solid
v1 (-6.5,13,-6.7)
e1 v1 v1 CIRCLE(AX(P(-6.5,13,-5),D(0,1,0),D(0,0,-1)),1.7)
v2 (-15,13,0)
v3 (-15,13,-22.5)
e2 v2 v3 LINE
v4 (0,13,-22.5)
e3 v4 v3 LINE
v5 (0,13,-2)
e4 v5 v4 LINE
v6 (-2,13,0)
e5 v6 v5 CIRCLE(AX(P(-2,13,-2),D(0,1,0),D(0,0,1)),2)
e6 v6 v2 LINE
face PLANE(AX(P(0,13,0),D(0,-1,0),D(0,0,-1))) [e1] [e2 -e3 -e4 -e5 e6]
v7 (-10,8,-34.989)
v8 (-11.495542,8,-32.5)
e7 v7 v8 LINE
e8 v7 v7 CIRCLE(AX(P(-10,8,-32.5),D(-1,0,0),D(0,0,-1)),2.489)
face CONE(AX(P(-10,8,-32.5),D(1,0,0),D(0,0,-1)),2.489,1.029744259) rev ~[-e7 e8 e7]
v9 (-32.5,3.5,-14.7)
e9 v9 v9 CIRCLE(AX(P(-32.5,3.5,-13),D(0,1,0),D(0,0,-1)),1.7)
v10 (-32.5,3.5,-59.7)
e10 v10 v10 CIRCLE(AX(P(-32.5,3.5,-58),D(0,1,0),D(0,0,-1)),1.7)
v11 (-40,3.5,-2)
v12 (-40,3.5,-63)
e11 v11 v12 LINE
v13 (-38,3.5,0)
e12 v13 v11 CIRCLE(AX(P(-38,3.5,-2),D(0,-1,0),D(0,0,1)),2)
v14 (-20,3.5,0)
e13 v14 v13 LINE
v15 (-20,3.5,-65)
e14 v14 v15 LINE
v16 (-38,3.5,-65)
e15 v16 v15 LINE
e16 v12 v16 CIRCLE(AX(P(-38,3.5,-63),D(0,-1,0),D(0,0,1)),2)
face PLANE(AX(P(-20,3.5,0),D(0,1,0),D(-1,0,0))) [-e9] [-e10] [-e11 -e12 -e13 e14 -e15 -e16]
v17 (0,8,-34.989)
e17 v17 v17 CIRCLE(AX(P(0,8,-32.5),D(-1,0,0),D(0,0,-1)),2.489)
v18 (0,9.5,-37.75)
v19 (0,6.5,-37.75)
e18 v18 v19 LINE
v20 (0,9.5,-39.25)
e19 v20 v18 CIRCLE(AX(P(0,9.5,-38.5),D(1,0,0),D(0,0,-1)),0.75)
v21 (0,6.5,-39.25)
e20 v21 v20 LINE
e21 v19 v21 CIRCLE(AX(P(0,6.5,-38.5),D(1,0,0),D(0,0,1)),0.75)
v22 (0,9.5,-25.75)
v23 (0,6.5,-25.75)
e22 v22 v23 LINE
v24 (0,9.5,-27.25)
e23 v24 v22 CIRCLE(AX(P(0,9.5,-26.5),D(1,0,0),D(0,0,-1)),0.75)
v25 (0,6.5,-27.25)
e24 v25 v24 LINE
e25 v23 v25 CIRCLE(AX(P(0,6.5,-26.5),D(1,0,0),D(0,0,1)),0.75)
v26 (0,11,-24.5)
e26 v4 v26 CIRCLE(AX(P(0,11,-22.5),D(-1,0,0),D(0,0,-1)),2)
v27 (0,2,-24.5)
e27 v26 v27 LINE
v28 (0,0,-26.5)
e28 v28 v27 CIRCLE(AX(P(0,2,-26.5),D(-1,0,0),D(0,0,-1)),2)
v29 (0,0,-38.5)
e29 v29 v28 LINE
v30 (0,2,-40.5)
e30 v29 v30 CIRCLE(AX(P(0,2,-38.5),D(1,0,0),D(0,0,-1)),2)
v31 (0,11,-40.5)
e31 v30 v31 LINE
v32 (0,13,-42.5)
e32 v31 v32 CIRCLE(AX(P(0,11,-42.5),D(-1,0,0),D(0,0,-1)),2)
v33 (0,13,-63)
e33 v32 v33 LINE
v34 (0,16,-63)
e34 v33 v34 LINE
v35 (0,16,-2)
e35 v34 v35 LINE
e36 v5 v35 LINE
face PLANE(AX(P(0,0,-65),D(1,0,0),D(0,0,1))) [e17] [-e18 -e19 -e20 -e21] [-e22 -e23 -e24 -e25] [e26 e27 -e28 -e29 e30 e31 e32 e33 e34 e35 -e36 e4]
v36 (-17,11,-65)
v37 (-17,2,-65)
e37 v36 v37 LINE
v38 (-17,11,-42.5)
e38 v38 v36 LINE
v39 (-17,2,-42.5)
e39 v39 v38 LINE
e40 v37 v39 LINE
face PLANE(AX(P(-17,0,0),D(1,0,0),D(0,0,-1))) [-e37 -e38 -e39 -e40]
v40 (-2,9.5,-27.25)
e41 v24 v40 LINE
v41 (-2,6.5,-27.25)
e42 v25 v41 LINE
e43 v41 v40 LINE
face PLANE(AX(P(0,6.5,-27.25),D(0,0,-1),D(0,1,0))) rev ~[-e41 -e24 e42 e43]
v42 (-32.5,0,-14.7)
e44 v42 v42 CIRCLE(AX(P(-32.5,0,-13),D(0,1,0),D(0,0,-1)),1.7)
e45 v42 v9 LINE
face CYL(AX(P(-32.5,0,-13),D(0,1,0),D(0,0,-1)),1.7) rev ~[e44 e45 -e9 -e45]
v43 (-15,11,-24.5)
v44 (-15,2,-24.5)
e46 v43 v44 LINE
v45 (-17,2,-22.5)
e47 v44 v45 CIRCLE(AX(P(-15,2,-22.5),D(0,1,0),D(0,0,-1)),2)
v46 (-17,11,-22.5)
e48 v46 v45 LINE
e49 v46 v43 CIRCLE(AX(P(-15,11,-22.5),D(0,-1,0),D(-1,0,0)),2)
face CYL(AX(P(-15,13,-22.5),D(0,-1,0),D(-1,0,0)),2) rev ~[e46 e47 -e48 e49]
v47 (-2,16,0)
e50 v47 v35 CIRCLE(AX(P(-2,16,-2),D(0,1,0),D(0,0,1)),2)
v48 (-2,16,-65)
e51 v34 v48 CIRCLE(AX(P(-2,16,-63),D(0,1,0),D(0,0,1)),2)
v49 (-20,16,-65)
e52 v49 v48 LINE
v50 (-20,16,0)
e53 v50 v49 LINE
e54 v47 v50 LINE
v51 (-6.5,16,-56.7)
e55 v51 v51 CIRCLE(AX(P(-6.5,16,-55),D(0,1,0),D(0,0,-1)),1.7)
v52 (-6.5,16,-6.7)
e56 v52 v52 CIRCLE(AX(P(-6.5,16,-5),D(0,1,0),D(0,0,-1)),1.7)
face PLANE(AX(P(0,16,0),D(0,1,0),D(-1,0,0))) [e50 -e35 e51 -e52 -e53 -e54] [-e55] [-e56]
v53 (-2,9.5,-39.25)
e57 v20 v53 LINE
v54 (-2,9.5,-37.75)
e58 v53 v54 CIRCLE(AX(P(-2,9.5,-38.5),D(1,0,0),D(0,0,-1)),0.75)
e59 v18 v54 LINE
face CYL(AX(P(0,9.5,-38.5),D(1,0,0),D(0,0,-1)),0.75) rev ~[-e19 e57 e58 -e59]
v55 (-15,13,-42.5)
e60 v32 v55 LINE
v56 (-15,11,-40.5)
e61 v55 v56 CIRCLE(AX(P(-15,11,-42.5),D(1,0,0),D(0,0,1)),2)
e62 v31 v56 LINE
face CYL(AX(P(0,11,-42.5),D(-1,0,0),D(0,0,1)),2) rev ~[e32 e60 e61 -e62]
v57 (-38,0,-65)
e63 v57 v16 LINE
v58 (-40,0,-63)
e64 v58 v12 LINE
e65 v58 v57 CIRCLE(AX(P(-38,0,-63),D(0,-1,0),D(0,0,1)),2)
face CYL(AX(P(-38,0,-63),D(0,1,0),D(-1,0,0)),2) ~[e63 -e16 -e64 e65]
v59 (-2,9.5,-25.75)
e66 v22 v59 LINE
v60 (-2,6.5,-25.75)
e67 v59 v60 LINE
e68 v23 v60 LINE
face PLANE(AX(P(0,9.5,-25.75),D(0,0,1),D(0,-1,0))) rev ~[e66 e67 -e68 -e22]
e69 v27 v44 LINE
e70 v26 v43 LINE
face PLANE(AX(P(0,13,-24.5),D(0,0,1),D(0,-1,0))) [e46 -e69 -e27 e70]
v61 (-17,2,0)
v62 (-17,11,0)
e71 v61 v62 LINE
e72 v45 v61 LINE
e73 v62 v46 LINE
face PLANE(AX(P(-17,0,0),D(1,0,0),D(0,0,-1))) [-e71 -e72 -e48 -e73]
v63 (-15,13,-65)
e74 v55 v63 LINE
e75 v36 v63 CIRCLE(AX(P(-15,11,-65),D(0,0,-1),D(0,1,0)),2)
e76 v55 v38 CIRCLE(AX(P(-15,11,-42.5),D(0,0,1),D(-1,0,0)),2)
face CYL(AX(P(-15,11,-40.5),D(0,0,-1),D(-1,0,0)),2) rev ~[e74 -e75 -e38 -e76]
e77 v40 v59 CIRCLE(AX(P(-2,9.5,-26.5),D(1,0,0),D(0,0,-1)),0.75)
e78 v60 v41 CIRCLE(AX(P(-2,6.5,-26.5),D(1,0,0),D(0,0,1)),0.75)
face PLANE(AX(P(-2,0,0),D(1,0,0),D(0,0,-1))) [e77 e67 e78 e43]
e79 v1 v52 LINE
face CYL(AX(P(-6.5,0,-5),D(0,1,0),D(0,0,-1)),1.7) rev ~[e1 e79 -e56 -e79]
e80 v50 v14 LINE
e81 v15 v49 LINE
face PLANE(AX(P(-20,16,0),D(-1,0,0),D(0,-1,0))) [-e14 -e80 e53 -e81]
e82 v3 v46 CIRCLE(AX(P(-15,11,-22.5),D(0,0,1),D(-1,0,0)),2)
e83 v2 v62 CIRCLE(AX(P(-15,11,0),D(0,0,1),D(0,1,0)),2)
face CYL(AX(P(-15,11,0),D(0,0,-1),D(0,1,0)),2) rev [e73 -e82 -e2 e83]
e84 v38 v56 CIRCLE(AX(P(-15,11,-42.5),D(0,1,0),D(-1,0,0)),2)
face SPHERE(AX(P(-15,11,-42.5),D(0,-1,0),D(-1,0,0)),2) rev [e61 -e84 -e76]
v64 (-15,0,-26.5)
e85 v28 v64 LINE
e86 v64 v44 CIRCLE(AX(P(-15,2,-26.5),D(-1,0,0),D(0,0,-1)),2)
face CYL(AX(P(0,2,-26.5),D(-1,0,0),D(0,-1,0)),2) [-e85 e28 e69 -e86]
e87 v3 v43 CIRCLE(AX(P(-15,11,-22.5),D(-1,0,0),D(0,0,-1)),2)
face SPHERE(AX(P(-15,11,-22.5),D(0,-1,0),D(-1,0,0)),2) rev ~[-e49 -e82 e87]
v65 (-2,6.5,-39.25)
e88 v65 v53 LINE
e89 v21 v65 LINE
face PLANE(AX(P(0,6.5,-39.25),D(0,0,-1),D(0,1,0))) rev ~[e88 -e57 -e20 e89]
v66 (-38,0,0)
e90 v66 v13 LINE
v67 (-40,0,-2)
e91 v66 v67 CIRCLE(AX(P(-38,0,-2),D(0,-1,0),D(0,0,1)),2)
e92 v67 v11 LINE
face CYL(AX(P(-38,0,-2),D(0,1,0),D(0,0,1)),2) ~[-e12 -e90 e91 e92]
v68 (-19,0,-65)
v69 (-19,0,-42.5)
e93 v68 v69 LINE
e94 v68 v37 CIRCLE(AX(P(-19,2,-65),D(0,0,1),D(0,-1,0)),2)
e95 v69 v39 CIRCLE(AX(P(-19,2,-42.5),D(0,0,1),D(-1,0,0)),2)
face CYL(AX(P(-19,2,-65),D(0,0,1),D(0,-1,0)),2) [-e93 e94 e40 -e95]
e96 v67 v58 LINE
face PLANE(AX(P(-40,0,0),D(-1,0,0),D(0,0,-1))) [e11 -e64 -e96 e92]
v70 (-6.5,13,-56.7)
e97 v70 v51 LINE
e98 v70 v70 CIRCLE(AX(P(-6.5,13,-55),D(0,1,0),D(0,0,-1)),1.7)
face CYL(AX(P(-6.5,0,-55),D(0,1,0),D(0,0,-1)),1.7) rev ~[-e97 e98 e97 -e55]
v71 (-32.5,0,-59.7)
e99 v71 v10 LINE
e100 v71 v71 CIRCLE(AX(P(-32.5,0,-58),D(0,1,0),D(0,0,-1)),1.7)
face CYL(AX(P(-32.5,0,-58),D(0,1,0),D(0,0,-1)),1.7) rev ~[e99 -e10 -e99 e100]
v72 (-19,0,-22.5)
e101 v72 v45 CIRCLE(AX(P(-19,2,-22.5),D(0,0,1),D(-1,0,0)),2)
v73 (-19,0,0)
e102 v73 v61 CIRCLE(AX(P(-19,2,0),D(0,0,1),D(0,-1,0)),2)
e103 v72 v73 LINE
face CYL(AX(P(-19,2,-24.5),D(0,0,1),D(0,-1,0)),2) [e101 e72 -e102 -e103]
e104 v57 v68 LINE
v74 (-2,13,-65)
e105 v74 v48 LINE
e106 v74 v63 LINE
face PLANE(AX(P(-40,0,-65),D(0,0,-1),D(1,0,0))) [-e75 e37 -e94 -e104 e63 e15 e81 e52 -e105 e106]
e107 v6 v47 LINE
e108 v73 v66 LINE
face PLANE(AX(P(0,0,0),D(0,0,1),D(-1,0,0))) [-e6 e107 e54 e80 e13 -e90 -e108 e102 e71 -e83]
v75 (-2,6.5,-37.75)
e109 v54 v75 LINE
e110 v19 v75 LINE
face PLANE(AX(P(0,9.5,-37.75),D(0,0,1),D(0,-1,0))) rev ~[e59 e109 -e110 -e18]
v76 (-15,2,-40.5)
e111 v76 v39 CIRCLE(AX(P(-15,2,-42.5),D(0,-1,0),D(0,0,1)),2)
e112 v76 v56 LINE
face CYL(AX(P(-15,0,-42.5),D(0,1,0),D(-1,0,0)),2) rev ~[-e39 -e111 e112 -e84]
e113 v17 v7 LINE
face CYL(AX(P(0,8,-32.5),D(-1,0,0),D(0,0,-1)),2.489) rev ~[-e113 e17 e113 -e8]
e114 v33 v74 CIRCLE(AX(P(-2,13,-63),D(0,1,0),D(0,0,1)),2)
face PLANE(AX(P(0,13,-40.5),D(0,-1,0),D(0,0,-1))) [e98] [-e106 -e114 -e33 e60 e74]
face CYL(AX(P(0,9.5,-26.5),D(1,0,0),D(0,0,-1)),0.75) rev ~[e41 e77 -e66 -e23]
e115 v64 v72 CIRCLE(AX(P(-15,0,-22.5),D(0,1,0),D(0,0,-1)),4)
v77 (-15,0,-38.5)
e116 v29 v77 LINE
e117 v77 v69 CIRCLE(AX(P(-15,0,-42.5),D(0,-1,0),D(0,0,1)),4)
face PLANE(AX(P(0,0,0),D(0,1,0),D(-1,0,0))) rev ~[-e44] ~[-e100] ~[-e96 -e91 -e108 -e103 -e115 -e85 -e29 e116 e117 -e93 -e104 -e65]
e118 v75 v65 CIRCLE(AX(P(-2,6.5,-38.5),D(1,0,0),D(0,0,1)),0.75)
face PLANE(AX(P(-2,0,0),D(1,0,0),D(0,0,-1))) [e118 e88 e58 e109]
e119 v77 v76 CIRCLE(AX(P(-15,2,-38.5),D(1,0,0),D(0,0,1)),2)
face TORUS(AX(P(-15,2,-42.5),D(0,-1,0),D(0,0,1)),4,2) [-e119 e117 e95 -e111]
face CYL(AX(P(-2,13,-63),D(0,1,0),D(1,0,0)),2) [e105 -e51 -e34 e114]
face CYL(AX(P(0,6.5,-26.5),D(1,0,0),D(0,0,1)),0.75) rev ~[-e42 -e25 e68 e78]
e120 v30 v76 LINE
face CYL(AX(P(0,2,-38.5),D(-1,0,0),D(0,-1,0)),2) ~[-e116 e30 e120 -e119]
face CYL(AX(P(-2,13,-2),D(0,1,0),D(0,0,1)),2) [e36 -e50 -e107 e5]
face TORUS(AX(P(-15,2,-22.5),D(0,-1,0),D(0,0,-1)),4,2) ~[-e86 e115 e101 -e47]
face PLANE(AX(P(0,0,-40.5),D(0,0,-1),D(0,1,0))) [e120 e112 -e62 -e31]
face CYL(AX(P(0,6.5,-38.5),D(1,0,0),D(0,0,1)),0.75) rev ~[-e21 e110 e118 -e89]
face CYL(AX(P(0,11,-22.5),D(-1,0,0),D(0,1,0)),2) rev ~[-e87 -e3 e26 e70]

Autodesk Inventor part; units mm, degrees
ref_plane "YZ Plane" through (0, 0, 0) normal (1, 0, 0) x (0, 1, 0)
ref_plane "XZ Plane" through (0, 0, 0) normal (0, 1, 0) x (-1, 0, 0)
ref_plane "XY Plane" through (0, 0, 0) normal (0, 0, 1) x (1, 0, 0)
sketch "Sketch1" plane through (0, 0, 0) normal (0, 1, 0) x (-1, 0, 0)
  line L0 (0, 0) -> (40, 0)
  line L1 (40, 0) -> (40, -65)
  line L2 (40, -65) -> (0, -65)
  line L3 (0, -65) -> (0, 0)
  dimension "d0" = 40
  dimension "d1" = 65
extrude "Extrusion1" add sketch "Sketch1" along normal blind 16
sketch "Sketch2" plane through (-40, 0, 0) normal (0, 0, 1) x (1, 0, 0)
  line L0 (0, 16) -> (40, 16) projected
  line L1 (0, 16) -> (20, 16)
  line L2 (20, 16) -> (20, 3.5)
  line L3 (20, 3.5) -> (0, 3.5)
  line L4 (0, 3.5) -> (0, 16)
  line L5 (40, 0) -> (0, 0) projected
  dimension "d4" = 20
  dimension "d5" = 3.5
extrude "Extrusion2" cut sketch "Sketch2" against normal through all
sketch "Sketch3" plane through (0, 0, 0) normal (0, -1, 0) x (1, 0, 0)
  line L0 (-32.5, -58) -> (-32.5, -13) construction
  line L1 (-6.5, -55) -> (-6.5, -5) construction
  line L2 (-40, -65) -> (0, -65) construction
  line L3 (0, 0) -> (-40, 0) construction
  line L4 (0, -65) -> (0, 0) construction
  line L5 (-40, 0) -> (-40, -65) construction
  dimension "d8" = 45
  dimension "d9" = 50
  dimension "d10" = 7
  dimension "d11" = 5
  dimension "d12" = 6.5
  dimension "d13" = 7.5
hole "Hole1" at (-32.5, 0, -58) at (-32.5, 0, -13) at (-6.5, 0, -55) at (-6.5, 0, -5) direction (0, 1, 0) diameter 3.4 end through all clearance for "Flat Head Machine Screw" size "M3" standard "Ansi Metric M Profile"
sketch "Sketch4" plane through (0, 0, 0) normal (1, 0, 0) x (0, 0, -1)
  line L0 (38.5, 6.5) -> (38.5, 9.5) construction
  line L1 (39.25, 6.5) -> (39.25, 9.5)
  line L2 (37.75, 9.5) -> (37.75, 6.5)
  arc A0 (37.75, 6.5) -> (39.25, 6.5) centre (38.5, 6.5) ccw
  arc A1 (39.25, 9.5) -> (37.75, 9.5) centre (38.5, 9.5) ccw
  line L3 (26.5, 6.5) -> (26.5, 9.5) construction
  line L4 (27.25, 6.5) -> (27.25, 9.5)
  line L5 (25.75, 9.5) -> (25.75, 6.5)
  arc A2 (25.75, 6.5) -> (27.25, 6.5) centre (26.5, 6.5) ccw
  arc A3 (27.25, 9.5) -> (25.75, 9.5) centre (26.5, 9.5) ccw
  line L6 (0, 0) -> (0, 16) construction
  line L7 (65, 0) -> (65, 16) construction
  line L8 (38.5, 8) -> (26.5, 8) construction
  line L9 (65, 0) -> (0, 0) construction
  line L10 (0, 16) -> (65, 16) construction
  line L11 (65, 0) -> (40.5, 0)
  line L12 (40.5, 0) -> (40.5, 13)
  line L13 (40.5, 13) -> (65, 13)
  line L14 (65, 13) -> (65, 0)
  line L15 (24.5, 0) -> (0, 0)
  line L16 (0, 0) -> (0, 13)
  line L17 (0, 13) -> (24.5, 13)
  line L18 (24.5, 13) -> (24.5, 0)
  point P0 (32.5, 8)
  dimension "d21" = 12
  dimension "d22" = 6
  dimension "d23" = 65
  dimension "d24" = 32.5
  dimension "d25" = 3
  dimension "d26" = 3
  dimension "d27" = 0.75
  dimension "d28" = 0.75
  dimension "d29" = 0
  dimension "d30" = 16
  dimension "d31" = 8
  dimension "d32" = 3
  dimension "d33" = 3
  dimension "d34" = 16
  dimension "d35" = 8
extrude "Extrusion3" cut sketch "Sketch4" against normal blind 2 contours A0 L2 A1 L1 | A2 L5 A3 L4
extrude "Extrusion4" cut sketch "Sketch4" against normal blind 17 contours L11 L12 L13 L14 | L15 L16 L17 L18
fillet "Fillet1" radius 2 14 edges at (-8.5, 0, -40.5) (-8.5, 0, -24.5) (-40, 1.75, -65) (-40, 1.75, 0) (0, 14.5, 0) (0, 14.5, -65) (-17, 0, -52.75) (-17, 0, -12.25) (-17, 6.5, -40.5) (-17, 6.5, -24.5) (-17, 13, -52.75) (-8.5, 13, -40.5) (-17, 13, -12.25) (-8.5, 13, -24.5)
hole "Hole2" at (0, 8, -32.5) direction (-1, 0, 0) diameter 4.978 depth 10 tip angle 118 thread size "1/4-20 UNC" class "2B" standard "ANSI Unified Screw Threads"
equation "\"d22\" = 0.5 * d21"
equation "\"d24\" = 0.5 * d23"
equation "\"d26\" = d25"
equation "\"d28\" = d27"
equation "\"d31\" = 0.5 * d30"
equation "\"d35\" = 0.5 * d34"
properties part number "Dual Camera Mount"
